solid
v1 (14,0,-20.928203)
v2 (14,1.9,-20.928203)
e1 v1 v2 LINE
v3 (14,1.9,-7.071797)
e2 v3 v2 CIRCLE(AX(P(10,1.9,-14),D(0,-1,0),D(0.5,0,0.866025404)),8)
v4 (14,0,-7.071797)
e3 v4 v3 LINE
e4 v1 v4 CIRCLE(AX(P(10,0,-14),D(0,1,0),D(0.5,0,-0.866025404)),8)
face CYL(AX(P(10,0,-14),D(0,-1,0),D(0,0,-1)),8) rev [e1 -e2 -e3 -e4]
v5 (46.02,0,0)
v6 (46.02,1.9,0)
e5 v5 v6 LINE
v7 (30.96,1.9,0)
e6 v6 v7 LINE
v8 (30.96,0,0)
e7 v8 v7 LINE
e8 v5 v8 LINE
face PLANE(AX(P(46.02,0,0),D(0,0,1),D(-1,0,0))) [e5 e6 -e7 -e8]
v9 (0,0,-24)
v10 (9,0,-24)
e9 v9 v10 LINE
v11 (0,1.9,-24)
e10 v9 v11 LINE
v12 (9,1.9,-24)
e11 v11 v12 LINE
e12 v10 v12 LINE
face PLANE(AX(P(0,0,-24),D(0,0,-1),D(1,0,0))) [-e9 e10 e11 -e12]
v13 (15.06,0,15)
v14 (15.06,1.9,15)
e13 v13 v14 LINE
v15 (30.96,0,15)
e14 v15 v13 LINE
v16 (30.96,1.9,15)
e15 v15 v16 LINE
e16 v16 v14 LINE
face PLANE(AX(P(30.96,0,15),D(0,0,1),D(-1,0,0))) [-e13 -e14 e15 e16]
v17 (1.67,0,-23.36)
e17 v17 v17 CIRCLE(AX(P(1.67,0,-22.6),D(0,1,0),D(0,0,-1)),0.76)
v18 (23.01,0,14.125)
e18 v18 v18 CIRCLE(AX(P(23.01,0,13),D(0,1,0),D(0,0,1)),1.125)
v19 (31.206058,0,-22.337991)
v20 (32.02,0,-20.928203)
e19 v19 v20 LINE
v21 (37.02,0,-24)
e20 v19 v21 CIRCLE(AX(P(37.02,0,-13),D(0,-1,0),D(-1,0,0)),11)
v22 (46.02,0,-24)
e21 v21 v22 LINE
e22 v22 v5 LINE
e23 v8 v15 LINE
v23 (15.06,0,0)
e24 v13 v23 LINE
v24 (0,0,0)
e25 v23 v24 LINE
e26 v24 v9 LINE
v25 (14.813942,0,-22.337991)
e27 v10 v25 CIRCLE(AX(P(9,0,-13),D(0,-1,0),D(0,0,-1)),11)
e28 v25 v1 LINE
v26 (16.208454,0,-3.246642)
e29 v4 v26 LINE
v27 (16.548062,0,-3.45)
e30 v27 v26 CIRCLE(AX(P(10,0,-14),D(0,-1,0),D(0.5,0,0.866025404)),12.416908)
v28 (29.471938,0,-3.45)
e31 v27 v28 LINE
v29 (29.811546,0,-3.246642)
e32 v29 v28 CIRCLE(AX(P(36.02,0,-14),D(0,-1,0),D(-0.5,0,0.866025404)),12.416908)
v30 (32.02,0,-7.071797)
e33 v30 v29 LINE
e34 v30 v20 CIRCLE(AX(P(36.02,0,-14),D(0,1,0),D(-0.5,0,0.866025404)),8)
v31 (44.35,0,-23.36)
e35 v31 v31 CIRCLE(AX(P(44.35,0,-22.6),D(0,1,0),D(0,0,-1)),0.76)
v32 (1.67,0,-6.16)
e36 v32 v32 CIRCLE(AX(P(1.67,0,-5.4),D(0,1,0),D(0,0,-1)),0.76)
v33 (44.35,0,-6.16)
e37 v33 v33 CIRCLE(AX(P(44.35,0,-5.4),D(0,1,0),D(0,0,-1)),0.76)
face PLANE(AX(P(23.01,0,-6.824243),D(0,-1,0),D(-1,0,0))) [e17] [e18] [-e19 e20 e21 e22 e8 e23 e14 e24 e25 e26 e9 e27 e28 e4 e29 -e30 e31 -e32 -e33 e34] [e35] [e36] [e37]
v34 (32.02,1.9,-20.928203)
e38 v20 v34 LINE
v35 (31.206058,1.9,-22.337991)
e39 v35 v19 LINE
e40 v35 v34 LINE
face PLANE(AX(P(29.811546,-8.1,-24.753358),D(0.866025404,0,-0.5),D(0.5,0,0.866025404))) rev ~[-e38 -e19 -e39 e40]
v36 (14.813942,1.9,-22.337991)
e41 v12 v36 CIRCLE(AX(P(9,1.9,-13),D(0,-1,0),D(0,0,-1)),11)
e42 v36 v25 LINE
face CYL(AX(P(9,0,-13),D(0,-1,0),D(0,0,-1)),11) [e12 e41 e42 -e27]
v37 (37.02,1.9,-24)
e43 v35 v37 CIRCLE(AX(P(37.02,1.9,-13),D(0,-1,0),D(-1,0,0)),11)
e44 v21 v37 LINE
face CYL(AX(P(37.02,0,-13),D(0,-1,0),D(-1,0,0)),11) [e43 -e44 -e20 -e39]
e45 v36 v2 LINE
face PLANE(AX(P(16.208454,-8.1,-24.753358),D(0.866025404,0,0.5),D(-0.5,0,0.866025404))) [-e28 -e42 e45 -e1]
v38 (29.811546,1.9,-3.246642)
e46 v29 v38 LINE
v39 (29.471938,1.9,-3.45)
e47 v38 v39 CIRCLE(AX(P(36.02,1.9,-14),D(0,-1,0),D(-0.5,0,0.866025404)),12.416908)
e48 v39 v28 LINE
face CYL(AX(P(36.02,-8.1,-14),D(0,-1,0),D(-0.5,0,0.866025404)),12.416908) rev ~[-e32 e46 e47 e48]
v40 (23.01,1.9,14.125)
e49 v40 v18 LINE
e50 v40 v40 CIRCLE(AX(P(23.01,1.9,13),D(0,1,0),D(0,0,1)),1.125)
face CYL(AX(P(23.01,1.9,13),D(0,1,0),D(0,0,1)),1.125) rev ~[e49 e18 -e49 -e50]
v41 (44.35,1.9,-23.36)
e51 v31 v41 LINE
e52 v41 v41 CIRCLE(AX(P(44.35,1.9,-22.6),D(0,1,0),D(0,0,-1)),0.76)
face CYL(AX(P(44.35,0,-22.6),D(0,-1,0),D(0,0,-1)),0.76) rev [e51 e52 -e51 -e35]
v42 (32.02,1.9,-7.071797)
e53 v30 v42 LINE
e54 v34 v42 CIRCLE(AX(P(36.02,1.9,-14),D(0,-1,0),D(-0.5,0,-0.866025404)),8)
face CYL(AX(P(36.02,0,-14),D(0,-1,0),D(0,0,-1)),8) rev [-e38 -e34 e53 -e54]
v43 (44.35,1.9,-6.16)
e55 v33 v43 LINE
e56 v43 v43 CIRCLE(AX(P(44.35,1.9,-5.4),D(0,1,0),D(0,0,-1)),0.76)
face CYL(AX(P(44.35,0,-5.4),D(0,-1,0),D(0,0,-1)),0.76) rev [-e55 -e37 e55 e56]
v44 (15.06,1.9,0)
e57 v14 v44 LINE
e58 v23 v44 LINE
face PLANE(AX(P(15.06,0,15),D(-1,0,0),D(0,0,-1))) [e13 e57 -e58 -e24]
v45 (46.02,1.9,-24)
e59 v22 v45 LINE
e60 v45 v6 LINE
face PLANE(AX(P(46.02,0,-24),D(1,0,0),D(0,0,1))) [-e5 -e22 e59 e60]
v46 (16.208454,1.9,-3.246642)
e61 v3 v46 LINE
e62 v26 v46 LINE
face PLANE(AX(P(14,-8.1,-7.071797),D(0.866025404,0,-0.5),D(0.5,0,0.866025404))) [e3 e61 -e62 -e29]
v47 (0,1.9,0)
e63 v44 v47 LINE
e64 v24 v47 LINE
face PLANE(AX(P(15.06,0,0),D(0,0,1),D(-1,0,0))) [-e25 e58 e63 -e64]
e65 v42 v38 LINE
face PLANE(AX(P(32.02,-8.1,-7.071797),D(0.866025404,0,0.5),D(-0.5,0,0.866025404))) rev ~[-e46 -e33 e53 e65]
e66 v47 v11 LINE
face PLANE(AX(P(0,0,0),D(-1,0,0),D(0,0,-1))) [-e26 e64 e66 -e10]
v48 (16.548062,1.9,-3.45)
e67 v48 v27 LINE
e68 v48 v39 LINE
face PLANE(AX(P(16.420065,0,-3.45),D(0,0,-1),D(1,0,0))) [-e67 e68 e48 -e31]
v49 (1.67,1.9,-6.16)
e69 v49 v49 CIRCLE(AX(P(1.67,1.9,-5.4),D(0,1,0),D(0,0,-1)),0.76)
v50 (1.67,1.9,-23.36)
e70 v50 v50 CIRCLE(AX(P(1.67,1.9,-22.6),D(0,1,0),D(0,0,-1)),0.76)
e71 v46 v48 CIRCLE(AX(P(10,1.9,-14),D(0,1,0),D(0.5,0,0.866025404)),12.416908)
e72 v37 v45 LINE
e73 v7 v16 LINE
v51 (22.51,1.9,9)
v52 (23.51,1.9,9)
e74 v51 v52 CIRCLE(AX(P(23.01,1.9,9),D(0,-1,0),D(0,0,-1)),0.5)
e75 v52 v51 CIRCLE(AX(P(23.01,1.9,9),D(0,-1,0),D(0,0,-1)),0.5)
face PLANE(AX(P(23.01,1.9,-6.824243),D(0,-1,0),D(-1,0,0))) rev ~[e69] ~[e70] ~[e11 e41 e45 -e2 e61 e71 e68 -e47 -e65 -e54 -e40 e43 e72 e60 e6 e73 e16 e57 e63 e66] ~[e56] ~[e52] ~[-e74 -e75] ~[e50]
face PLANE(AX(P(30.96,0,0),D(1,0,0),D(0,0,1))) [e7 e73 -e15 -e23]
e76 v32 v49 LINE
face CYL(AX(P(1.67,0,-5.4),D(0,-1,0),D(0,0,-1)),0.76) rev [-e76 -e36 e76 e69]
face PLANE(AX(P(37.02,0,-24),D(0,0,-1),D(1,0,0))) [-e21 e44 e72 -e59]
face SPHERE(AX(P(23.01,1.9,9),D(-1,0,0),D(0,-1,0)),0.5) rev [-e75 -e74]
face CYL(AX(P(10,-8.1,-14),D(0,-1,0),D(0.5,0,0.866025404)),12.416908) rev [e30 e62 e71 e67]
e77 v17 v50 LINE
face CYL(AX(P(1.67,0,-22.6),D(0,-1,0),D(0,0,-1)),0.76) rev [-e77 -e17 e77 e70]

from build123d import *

# Parameters (mm, degrees)
CROQUIS1_R              = 8
CROQUIS1_R_2            = 0.76
SALIENTE_EXTRUIR1_DEPTH = 1.9
CORTAR_EXTRUIR1_START   = -10
CORTAR_EXTRUIR1_DEPTH   = 10
CROQUIS5_R              = 1.125
CORTAR_EXTRUIR2_DEPTH   = 52.936984895


with BuildPart() as part:
    # Croquis1 → Saliente-Extruir1 (new body)
    with BuildSketch(Plane(origin=(0, 0, 0), x_dir=(1, 0, 0), z_dir=(0, 1, 0))):
        with BuildLine():
            Line((16.42006532, 3.45), (29.59993468, 3.45))
            ThreePointArc((29.59993468, 3.45), (26.951107015, 7.365390191), (26.02, 12))
            Line((26.02, 12), (26.02, 13))
            ThreePointArc((26.02, 13), (29.241825407, 20.778174593), (37.02, 24))
            Line((37.02, 24), (46.02, 24))
            Line((46.02, 24), (46.02, 0))
            Line((46.02, 0), (30.96, 0))
            Line((30.96, 0), (30.96, -15))
            Line((30.96, -15), (15.06, -15))
            Line((15.06, -15), (15.06, 0))
            Line((15.06, 0), (0, 0))
            Line((0, 0), (0, 24))
            Line((0, 24), (9, 24))
            ThreePointArc((9, 24), (16.778174593, 20.778174593), (20, 13))
            Line((20, 13), (20, 12))
            ThreePointArc((20, 12), (19.068892985, 7.365390191), (16.42006532, 3.45))
        make_face()
        with Locations(Location((10, 14, 0), (0, 0, 90))):
            Circle(CROQUIS1_R, mode=Mode.SUBTRACT)
        with Locations(Location((1.67, 22.6, 0), (0, 0, 90))):
            Circle(CROQUIS1_R_2, mode=Mode.SUBTRACT)
        with Locations(Location((1.67, 5.4, 0), (0, 0, 90))):
            Circle(CROQUIS1_R_2, mode=Mode.SUBTRACT)
        with Locations(Location((36.02, 14, 0), (0, 0, 90))):
            Circle(CROQUIS1_R, mode=Mode.SUBTRACT)
        with Locations(Location((44.35, 5.4, 0), (0, 0, 90))):
            Circle(CROQUIS1_R_2, mode=Mode.SUBTRACT)
        with Locations(Location((44.35, 22.6, 0), (0, 0, 90))):
            Circle(CROQUIS1_R_2, mode=Mode.SUBTRACT)
    extrude(amount=SALIENTE_EXTRUIR1_DEPTH)

    # Croquis2 → Cortar-Extruir1 (cut)
    with BuildSketch(Plane(origin=(0, 1.9, 0), x_dir=(1, 0, 0), z_dir=(0, 1, 0)).offset(CORTAR_EXTRUIR1_START)):
        with BuildLine():
            Line((16.208454231, 24.753358164), (14, 20.92820323))
            ThreePointArc((14, 20.92820323), (18, 14), (14, 7.07179677))
            Line((14, 7.07179677), (16.208454231, 3.246641836))
            ThreePointArc((16.208454231, 3.246641836), (22.416908461, 14), (16.208454231, 24.753358164))
        make_face()
        with BuildLine():
            Line((32.02, 7.07179677), (29.811545769, 3.246641836))
            ThreePointArc((29.811545769, 3.246641836), (23.603091539, 14), (29.811545769, 24.753358164))
            Line((29.811545769, 24.753358164), (32.02, 20.92820323))
            ThreePointArc((32.02, 20.92820323), (28.02, 14), (32.02, 7.07179677))
        make_face()
    extrude(amount=CORTAR_EXTRUIR1_DEPTH, mode=Mode.SUBTRACT)

    # Croquis4 → Cortar-Revolución1 (revolve, cut)
    with BuildSketch(Plane.XY.offset(9)):
        with BuildLine():
            Line((22.51, 1.9), (23.51, 1.9))
            ThreePointArc((23.51, 1.9), (23.01, 1.4), (22.51, 1.9))
        make_face()
    revolve(axis=Axis((-976.99, 1.9, 9), (1, 0, 0)), mode=Mode.SUBTRACT)

    # Croquis5 → Cortar-Extruir2 (cut, through all)
    with BuildSketch(Plane(origin=(0, 1.9, 0), x_dir=(1, 0, 0), z_dir=(0, 1, 0))):
        with Locations(Location((23.01, -13, 0), (0, 0, 270))):
            Circle(CROQUIS5_R)
    extrude(amount=-CORTAR_EXTRUIR2_DEPTH, mode=Mode.SUBTRACT)


solid = part.part
